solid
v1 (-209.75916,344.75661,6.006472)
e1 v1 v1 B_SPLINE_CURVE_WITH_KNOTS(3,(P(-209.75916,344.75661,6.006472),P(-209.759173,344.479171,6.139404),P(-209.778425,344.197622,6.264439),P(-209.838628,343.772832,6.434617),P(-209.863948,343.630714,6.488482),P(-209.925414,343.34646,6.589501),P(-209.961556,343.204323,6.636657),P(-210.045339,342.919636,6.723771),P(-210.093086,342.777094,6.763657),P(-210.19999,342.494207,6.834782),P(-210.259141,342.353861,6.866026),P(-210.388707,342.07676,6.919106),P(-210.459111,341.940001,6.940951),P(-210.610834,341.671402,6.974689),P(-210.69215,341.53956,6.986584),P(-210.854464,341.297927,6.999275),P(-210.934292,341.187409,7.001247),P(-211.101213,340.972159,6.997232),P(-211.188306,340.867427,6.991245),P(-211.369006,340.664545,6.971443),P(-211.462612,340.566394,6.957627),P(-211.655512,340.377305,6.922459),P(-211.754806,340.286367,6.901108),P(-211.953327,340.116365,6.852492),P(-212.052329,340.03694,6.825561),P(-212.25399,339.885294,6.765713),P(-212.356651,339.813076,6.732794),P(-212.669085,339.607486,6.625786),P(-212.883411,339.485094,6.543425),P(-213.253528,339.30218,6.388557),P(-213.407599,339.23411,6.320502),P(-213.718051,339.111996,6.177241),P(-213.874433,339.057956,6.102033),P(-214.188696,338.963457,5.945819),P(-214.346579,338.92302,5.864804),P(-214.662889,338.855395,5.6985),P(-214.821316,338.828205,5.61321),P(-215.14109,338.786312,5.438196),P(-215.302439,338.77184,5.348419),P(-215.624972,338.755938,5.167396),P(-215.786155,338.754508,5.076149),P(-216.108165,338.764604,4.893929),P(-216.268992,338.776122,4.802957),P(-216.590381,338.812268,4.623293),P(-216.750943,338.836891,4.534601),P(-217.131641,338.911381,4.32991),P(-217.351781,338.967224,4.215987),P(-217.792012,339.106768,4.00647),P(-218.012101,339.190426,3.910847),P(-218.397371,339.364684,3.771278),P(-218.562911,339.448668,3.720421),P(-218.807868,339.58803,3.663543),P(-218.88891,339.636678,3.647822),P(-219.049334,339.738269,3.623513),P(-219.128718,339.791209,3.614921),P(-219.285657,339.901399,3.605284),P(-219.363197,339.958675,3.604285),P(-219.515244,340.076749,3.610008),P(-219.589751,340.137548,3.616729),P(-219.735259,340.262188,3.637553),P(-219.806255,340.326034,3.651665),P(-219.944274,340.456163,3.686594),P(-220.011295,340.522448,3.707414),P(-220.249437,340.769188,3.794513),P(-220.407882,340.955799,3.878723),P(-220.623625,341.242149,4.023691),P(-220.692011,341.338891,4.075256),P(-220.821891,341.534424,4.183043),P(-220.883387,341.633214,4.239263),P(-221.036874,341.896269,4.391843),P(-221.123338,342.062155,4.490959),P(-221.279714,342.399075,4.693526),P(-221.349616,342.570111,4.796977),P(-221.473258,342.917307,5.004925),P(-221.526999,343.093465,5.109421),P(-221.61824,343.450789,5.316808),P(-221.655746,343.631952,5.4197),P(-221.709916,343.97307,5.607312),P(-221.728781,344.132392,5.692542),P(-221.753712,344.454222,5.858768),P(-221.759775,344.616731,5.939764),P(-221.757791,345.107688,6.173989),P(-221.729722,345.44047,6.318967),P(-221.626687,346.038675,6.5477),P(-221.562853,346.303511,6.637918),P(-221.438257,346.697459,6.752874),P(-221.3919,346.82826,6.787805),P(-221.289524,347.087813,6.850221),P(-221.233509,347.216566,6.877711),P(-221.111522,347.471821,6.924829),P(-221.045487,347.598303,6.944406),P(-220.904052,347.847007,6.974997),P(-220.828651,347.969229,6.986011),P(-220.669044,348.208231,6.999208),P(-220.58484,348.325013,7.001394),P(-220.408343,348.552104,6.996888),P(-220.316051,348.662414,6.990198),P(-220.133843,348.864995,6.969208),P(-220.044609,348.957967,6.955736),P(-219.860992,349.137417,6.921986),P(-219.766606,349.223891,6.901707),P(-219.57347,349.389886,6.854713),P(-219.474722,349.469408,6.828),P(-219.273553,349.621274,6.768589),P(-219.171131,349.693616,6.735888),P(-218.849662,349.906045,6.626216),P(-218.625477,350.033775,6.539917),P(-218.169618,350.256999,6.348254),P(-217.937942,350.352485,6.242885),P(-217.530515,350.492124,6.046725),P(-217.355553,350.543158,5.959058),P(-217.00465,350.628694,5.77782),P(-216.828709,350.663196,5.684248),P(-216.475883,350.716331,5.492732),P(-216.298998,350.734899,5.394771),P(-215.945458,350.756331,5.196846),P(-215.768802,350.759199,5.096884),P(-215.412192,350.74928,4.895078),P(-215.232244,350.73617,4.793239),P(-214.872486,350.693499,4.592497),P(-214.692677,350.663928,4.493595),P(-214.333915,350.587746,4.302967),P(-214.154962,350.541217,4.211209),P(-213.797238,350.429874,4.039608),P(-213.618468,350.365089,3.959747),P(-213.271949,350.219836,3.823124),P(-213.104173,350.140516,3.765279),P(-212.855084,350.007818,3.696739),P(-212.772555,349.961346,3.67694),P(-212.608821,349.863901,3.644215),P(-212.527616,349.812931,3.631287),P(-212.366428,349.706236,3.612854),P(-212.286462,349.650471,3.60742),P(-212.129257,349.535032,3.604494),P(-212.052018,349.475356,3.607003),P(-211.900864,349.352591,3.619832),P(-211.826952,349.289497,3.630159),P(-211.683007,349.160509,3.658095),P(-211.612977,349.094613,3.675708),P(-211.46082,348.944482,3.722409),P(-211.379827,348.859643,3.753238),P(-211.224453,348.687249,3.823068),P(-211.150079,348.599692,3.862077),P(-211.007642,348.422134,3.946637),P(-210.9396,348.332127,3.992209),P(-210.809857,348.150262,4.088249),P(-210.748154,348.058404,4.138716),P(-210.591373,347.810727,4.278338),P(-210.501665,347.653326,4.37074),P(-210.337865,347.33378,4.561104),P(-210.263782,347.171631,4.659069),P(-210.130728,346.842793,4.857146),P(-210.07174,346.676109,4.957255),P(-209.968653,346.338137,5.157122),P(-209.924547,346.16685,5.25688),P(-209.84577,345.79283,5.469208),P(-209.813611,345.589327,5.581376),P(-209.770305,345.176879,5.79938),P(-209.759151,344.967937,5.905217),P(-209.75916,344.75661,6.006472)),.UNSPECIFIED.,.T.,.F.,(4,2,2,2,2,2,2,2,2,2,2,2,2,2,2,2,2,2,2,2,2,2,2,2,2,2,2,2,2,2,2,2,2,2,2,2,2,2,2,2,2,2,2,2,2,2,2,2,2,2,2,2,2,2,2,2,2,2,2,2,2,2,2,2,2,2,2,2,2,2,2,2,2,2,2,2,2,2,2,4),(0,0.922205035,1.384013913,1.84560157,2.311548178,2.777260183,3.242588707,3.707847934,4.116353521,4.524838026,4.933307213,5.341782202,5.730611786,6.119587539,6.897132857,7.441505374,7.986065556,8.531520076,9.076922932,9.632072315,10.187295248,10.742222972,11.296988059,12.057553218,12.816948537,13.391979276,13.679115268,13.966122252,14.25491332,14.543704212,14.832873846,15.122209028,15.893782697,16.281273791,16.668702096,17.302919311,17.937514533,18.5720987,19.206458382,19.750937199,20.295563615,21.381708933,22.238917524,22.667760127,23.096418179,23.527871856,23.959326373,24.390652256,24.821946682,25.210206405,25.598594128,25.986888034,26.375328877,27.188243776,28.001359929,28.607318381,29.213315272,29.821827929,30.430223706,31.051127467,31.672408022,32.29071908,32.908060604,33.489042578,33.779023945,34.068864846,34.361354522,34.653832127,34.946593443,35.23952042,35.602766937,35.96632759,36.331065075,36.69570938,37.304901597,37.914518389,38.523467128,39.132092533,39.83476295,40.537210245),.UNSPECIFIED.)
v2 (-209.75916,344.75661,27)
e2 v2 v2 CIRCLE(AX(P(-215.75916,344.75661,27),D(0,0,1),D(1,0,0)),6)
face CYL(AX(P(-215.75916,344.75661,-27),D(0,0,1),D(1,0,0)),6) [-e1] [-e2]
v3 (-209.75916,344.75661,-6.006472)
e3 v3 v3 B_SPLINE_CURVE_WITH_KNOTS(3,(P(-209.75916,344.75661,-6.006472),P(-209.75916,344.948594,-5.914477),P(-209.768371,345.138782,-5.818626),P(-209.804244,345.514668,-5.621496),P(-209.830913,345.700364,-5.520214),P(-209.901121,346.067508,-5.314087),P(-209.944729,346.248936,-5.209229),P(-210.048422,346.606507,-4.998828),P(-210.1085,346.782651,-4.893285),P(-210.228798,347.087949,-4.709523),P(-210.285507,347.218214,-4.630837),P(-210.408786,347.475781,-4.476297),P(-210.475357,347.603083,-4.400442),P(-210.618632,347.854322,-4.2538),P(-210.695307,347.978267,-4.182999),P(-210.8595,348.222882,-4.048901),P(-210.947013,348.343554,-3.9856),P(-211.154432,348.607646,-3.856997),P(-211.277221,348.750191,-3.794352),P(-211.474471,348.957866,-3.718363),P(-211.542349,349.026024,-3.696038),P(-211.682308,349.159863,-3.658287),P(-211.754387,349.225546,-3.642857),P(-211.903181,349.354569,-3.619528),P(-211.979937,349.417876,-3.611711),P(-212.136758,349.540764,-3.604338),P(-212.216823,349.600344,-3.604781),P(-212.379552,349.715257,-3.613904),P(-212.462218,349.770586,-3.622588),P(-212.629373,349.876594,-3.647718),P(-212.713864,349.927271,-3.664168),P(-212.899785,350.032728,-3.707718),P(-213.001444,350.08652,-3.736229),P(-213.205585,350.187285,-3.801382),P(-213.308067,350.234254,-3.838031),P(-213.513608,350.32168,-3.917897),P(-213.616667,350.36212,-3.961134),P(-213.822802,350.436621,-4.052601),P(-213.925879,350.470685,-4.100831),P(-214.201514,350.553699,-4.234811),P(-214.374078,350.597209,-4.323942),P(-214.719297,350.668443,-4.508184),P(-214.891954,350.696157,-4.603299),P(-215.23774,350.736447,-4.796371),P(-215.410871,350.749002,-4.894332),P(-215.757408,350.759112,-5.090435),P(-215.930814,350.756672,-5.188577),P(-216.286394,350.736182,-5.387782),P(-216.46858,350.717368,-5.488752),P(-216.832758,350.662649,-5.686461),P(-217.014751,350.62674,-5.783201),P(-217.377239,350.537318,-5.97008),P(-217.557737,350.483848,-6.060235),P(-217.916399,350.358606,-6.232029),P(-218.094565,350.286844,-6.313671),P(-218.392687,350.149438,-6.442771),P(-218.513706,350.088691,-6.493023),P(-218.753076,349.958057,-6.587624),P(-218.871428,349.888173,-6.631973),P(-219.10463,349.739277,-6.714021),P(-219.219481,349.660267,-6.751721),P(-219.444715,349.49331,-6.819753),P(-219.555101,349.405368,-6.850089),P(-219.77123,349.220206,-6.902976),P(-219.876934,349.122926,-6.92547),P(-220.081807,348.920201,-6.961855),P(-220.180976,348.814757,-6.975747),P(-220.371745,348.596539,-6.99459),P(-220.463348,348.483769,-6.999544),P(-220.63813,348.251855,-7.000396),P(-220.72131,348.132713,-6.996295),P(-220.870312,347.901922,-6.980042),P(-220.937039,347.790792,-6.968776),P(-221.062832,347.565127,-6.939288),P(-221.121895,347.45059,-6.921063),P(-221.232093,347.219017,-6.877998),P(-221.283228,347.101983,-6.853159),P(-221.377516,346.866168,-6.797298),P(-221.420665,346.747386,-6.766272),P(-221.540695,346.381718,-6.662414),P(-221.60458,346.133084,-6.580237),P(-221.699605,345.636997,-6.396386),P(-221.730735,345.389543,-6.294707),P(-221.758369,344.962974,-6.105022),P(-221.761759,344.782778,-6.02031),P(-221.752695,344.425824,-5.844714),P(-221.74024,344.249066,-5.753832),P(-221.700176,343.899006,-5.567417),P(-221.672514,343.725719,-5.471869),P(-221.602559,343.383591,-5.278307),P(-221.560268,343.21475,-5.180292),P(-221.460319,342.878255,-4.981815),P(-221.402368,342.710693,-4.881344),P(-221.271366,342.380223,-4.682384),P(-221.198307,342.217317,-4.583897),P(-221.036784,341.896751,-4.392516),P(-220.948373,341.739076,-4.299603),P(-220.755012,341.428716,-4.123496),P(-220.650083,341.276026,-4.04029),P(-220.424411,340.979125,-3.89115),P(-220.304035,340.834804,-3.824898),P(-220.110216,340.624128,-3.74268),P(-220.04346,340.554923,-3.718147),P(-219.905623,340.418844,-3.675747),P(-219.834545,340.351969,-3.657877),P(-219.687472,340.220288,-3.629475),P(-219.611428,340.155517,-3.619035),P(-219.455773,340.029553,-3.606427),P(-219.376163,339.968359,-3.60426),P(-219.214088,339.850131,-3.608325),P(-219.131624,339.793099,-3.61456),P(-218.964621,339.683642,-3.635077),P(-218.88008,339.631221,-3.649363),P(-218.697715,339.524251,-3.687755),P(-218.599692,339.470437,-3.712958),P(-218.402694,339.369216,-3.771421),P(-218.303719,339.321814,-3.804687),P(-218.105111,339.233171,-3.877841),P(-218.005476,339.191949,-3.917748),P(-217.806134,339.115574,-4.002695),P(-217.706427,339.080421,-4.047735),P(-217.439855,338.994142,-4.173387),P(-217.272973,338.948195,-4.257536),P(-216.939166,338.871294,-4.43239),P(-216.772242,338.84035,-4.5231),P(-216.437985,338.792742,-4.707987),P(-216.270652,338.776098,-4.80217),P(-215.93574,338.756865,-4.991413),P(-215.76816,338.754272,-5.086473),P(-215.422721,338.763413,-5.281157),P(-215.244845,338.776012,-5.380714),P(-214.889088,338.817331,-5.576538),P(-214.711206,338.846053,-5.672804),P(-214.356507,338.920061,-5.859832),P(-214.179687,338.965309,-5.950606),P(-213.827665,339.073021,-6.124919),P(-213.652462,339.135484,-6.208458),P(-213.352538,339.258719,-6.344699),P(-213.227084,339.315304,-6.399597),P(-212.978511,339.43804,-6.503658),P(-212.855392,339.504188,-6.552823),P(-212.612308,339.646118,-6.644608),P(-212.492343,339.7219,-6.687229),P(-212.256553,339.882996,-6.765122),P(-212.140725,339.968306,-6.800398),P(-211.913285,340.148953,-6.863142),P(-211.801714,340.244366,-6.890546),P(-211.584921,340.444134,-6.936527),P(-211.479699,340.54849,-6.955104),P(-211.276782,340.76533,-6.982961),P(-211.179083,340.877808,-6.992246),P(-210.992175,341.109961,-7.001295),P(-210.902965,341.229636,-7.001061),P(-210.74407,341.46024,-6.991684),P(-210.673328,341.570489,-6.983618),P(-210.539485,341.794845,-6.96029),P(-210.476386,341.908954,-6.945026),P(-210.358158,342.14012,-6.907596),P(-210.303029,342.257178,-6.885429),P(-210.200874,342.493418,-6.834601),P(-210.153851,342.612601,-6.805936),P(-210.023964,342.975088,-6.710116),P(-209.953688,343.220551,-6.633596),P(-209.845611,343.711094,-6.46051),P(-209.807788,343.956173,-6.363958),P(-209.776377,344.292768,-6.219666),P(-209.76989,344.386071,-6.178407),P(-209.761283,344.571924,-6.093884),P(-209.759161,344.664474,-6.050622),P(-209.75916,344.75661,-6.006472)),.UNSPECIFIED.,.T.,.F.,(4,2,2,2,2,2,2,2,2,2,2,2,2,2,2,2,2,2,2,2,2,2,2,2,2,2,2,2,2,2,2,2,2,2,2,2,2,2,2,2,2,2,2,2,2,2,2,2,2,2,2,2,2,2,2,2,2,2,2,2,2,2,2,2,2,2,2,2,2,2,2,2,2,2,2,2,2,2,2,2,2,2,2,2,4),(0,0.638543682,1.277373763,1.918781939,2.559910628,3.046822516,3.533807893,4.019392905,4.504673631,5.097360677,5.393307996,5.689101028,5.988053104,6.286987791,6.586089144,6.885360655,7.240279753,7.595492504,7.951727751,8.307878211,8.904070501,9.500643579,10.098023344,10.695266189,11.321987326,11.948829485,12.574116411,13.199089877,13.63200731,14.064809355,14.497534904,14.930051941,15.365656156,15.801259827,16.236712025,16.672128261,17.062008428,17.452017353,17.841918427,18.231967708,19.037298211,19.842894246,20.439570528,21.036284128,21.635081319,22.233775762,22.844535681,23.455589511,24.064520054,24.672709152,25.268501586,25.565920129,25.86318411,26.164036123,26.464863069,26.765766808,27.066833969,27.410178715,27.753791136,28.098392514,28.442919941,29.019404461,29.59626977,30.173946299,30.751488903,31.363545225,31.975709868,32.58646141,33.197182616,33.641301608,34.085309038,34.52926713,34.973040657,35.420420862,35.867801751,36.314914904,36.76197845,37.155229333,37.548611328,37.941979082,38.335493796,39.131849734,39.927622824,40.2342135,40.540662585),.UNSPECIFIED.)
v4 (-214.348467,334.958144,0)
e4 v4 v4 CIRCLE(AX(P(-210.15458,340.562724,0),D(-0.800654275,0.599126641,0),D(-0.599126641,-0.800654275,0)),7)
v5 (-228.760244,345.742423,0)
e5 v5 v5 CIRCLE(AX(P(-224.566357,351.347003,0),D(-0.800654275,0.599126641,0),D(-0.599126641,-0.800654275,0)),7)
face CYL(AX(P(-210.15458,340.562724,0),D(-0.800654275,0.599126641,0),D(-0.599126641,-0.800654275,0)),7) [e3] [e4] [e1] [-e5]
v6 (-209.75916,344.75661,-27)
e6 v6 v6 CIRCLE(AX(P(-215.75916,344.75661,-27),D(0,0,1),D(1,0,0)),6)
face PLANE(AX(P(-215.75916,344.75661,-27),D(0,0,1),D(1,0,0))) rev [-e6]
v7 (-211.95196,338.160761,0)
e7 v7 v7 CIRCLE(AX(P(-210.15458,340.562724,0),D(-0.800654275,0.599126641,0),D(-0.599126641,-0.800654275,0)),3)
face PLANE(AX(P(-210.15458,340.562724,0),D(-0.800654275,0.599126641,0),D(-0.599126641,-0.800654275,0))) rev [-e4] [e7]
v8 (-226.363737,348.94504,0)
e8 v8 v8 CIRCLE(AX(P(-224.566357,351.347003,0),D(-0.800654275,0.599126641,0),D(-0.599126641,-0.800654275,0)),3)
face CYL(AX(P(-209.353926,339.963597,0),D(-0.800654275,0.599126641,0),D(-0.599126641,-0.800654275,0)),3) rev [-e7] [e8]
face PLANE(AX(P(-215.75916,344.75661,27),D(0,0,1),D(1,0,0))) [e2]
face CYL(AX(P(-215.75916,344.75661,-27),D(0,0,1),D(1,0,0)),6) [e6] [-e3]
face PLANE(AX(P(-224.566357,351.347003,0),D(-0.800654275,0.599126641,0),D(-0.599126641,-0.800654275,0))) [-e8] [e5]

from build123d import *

# Parameters (mm, degrees)
PUENTE_PROFILE_R           = 6
BOSS_TORNILLO_PROFILE_R    = 7
TALADRO_TORNILLO_PROFILE_R = 3


with BuildPart() as part:
    # Puente: sweep along a curve in space
    with BuildLine() as puente_path:
        Line((-215.759160386, 344.756610234, -27), (-215.759160386, 344.756610234, 27))
    # Puente profile (on start of the path) → Puente (sweep)
    with BuildSketch(Plane(origin=(-215.759160386, 344.756610234, -27), x_dir=(1, 0, 0), z_dir=(0, 0, 1))):
        Circle(PUENTE_PROFILE_R)
    sweep(path=puente_path.line)

    # Boss_tornillo: sweep along a curve in space
    with BuildLine() as boss_tornillo_path:
        Line((-210.15458046, 340.562723747, 0), (-224.566357411, 351.347003284, 0))
    # Boss_tornillo profile (on start of the path) → Boss_tornillo (sweep)
    with BuildSketch(Plane(origin=(-210.15458046, 340.562723747, 0), x_dir=(-0.5991266409502979, -0.8006542750173841, 0), z_dir=(-0.8006542750173841, 0.5991266409502979, 0))):
        Circle(BOSS_TORNILLO_PROFILE_R)
    sweep(path=boss_tornillo_path.line)

    # Taladro_tornillo: sweep along a curve in space
    with BuildLine() as taladro_tornillo_path:
        Line((-209.353926185, 339.963597106, 0), (-225.367011686, 351.946129925, 0))
    # Taladro_tornillo profile (on start of the path) → Taladro_tornillo (sweep, cut)
    with BuildSketch(Plane(origin=(-209.353926185, 339.963597106, 0), x_dir=(-0.5991266409502969, -0.8006542750173848, 0), z_dir=(-0.8006542750173848, 0.5991266409502969, 0))):
        Circle(TALADRO_TORNILLO_PROFILE_R)
    sweep(path=taladro_tornillo_path.line, mode=Mode.SUBTRACT)


solid = part.part
